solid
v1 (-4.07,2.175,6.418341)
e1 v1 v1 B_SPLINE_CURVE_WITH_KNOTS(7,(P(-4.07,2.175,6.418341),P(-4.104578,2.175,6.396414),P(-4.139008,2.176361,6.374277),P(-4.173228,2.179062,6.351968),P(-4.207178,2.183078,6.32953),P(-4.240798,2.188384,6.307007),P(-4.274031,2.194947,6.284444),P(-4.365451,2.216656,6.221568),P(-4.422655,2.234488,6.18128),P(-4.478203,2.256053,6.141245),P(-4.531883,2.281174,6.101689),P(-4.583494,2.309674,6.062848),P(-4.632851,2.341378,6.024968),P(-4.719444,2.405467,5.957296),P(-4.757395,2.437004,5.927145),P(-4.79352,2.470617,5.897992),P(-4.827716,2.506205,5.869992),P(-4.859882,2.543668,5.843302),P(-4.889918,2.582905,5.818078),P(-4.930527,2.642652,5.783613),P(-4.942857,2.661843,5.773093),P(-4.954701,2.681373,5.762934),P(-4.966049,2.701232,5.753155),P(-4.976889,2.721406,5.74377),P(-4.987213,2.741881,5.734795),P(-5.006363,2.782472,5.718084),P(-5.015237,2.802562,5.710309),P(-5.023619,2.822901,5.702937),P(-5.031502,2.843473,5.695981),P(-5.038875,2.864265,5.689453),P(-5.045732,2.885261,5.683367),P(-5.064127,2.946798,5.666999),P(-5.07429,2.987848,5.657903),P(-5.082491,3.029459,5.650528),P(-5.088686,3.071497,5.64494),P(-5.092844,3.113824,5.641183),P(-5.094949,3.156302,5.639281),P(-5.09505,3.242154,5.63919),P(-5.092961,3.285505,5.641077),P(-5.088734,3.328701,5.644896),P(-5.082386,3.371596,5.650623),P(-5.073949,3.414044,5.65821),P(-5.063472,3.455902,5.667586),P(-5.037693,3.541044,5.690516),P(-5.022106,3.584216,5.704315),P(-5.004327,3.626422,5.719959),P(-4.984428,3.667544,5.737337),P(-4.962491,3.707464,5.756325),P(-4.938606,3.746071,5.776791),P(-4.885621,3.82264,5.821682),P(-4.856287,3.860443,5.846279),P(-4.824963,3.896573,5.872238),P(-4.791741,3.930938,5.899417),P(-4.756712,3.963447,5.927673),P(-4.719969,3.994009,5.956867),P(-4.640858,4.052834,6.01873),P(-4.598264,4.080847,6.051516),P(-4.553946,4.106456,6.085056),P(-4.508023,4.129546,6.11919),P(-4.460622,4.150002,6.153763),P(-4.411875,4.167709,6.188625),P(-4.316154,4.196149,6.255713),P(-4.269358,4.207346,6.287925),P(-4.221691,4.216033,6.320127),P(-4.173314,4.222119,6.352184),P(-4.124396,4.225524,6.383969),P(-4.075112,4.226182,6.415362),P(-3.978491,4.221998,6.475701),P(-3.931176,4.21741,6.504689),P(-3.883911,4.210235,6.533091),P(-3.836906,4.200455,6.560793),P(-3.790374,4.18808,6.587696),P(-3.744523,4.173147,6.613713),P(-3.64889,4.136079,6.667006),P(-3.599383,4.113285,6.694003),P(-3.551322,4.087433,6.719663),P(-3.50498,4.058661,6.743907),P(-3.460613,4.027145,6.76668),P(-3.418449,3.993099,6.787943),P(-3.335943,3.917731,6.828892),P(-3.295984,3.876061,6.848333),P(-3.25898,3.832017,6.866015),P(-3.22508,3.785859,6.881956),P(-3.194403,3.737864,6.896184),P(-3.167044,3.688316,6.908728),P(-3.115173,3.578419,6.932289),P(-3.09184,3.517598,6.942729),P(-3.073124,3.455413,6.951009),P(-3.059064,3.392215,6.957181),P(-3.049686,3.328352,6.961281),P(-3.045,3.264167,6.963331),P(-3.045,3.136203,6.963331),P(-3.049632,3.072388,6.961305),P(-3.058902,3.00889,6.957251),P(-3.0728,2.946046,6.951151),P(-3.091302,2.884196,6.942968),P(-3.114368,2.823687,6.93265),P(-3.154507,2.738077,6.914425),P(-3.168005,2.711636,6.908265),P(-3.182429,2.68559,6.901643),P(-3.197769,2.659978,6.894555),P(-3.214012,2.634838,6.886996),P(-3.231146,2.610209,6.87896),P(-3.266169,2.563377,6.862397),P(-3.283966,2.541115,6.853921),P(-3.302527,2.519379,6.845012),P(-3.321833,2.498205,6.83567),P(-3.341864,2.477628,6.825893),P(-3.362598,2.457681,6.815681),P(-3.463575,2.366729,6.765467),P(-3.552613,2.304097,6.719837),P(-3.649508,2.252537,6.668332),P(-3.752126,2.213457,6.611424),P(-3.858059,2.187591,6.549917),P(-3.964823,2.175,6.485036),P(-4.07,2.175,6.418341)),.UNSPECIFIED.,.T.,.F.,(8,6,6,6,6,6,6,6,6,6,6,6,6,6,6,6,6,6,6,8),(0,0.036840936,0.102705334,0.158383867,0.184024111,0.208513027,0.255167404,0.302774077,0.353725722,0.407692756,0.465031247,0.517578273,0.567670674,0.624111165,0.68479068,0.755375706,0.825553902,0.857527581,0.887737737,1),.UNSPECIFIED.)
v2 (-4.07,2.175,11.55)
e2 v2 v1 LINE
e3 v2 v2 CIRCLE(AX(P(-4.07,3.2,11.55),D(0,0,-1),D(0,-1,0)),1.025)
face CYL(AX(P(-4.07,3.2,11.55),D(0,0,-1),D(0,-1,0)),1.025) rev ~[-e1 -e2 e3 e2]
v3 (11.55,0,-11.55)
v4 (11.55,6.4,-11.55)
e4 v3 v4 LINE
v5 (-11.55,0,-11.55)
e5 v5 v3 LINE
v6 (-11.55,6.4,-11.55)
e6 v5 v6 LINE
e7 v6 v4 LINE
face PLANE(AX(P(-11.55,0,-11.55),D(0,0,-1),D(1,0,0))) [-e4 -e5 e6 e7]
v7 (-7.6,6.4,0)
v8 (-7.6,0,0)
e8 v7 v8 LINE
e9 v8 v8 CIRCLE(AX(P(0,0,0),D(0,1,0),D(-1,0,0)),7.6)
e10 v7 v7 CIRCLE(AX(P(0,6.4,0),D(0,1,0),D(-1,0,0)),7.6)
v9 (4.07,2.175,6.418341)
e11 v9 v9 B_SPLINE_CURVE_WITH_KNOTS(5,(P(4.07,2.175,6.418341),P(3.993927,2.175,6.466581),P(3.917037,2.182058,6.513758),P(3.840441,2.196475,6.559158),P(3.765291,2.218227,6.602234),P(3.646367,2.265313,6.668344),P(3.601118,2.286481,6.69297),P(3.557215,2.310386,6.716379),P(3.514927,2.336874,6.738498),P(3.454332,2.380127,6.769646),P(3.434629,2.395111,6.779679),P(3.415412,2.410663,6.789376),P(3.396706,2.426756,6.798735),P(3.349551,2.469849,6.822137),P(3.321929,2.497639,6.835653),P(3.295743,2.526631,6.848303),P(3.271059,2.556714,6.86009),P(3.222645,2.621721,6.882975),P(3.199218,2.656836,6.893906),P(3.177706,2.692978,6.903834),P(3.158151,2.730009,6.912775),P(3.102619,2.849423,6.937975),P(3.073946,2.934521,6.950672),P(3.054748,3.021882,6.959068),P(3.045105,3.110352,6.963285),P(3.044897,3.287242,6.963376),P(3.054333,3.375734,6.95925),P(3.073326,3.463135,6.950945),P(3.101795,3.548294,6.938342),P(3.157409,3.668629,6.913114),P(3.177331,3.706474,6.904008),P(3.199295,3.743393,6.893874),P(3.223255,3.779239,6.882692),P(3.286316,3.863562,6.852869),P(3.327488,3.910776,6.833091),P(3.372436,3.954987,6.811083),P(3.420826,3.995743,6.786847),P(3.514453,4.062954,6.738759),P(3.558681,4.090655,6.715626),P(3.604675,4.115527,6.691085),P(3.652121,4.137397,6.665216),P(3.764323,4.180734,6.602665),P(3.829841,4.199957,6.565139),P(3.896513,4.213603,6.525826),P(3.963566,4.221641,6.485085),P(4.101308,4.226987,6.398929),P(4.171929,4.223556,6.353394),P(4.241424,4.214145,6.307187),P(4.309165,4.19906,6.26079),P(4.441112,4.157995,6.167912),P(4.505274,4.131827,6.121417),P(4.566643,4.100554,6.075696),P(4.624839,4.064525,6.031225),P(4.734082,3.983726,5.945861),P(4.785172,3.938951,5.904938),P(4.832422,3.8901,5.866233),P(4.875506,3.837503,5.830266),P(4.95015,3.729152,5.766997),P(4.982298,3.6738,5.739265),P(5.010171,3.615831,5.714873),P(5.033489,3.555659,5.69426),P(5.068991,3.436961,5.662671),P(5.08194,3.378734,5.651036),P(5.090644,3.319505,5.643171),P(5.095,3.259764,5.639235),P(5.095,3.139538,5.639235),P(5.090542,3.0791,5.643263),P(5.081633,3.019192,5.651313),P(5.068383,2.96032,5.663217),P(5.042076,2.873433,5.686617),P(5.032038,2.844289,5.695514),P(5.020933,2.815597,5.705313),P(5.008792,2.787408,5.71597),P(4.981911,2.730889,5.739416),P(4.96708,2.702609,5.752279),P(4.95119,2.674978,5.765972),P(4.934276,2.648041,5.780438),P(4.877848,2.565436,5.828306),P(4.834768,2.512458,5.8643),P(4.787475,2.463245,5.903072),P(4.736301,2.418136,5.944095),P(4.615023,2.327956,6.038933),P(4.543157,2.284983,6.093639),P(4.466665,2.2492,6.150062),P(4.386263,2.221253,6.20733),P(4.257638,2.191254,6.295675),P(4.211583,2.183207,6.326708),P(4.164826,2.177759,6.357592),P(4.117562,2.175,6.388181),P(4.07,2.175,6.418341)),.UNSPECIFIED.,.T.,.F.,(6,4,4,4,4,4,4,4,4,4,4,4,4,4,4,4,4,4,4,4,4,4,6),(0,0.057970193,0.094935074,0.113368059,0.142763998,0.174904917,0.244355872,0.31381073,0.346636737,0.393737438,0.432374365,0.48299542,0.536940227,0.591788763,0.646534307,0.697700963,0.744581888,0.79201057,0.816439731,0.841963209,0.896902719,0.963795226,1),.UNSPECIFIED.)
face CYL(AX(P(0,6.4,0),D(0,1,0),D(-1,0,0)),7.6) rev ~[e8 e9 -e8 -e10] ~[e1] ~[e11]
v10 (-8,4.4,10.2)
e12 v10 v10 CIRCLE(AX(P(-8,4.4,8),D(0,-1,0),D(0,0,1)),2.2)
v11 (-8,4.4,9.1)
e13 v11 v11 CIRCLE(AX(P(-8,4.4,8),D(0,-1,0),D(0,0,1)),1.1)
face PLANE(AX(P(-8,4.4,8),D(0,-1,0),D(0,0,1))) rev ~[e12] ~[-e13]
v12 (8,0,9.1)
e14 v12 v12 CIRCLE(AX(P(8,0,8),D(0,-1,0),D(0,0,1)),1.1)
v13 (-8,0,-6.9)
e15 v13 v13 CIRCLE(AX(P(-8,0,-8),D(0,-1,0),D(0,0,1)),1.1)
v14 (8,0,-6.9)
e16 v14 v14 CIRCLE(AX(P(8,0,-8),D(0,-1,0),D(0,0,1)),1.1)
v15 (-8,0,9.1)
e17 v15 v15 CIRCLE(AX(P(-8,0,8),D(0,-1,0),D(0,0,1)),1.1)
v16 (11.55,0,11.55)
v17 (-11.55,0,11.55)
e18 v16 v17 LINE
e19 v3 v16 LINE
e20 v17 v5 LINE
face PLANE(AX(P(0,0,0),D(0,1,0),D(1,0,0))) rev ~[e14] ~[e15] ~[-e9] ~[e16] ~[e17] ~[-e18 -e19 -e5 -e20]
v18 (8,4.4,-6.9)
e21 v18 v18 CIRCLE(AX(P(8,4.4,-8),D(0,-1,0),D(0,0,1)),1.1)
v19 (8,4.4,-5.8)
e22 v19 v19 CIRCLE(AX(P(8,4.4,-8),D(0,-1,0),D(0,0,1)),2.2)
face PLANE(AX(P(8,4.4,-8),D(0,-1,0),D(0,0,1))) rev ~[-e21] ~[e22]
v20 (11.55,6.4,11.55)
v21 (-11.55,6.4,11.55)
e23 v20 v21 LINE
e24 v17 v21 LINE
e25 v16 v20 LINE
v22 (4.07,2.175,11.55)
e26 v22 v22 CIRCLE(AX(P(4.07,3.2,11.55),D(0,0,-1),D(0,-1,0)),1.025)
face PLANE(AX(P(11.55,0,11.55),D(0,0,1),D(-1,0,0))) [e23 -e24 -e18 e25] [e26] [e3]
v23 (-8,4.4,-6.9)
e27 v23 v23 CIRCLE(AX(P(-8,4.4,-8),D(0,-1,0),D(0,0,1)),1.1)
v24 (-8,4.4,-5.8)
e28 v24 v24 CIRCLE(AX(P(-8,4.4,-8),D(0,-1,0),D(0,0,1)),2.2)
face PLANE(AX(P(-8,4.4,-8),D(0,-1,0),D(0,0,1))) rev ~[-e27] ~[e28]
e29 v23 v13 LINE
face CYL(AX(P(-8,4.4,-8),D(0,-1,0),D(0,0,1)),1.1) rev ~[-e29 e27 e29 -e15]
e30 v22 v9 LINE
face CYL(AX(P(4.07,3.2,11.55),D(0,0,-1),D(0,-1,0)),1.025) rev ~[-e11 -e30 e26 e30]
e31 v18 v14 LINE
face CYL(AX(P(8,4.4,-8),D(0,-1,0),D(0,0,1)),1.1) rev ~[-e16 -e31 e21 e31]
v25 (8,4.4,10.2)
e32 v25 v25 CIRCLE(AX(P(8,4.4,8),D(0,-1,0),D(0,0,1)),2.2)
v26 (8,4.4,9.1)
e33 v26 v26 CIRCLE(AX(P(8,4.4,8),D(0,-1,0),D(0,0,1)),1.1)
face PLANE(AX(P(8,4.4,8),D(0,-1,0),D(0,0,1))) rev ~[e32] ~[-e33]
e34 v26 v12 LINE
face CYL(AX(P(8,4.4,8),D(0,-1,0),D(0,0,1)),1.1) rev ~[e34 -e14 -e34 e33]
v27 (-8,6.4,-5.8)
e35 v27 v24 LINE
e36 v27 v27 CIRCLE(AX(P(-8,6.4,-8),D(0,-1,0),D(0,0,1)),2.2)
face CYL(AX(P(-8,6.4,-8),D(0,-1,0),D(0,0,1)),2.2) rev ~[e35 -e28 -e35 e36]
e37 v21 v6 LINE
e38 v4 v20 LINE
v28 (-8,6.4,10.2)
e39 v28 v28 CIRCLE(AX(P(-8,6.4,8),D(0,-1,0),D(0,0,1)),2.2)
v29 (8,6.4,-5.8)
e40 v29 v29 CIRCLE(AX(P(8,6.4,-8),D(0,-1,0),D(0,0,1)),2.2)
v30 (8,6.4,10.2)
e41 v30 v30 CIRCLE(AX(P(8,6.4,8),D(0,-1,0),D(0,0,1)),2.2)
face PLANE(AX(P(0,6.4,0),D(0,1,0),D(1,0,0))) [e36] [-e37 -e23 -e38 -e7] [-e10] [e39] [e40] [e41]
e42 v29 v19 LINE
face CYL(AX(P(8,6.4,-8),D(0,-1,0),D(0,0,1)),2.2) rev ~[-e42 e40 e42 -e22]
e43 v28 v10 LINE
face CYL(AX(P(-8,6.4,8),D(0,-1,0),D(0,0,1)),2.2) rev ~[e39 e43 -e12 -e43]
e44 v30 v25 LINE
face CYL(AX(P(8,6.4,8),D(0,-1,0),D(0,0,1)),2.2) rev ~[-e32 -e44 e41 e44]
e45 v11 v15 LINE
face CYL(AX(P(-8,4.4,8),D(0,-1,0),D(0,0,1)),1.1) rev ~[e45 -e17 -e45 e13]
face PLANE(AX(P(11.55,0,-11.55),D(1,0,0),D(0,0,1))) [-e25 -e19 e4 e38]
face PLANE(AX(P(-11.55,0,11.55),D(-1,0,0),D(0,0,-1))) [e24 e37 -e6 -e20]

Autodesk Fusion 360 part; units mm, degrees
sketch "Sketch1" plane through (0, 0, 0) normal (0, 1, 0) x (1, 0, 0)
  line L0 (11.55, -11.55) -> (-11.55, -11.55)
  line L1 (-11.55, -11.55) -> (-11.55, 11.55)
  line L2 (-11.55, 11.55) -> (11.55, 11.55)
  line L3 (11.55, 11.55) -> (11.55, -11.55)
  line L4 (11.55, -11.55) -> (-11.55, 11.55) construction
  line L5 (-11.55, -11.55) -> (11.55, 11.55) construction
  dimension "d1" = 23.1
  dimension "d2" = 23.1
extrude "Extrude1" add sketch "Sketch1" along normal blind 6.4
sketch "Sketch2" plane through (0, 6.4, 0) normal (0, 1, 0) x (-1, 0, 0)
  line L0 (-11.55, -11.55) -> (11.55, -11.55)
  line L1 (11.55, -11.55) -> (11.55, 11.55)
  line L2 (11.55, 11.55) -> (-11.55, 11.55)
  line L3 (-11.55, 11.55) -> (-11.55, -11.55)
  line L4 (-8, 8) -> (8, 8) construction
  line L5 (8, 8) -> (8, -8) construction
  line L6 (8, -8) -> (-8, -8) construction
  line L7 (-8, -8) -> (-8, 8) construction
  line L8 (-8, 8) -> (8, -8) construction
  line L9 (8, 8) -> (-8, -8) construction
  circle A0 centre (0, 0) radius 7.6
  point P0 (8, -8)
  point P1 (-8, -8)
  point P2 (-8, 8)
  point P3 (8, 8)
  dimension "d5" = 16
  dimension "d6" = 16
  dimension "d7" = 15.2
hole "Hole1" at (-8, 6.4, -8) direction (0, -1, 0) diameter 2.2 end through all counterbore diameter 4.4 counterbore depth 2
hole "Hole2" at (8, 6.4, -8) direction (0, -1, 0) diameter 2.2 end through all counterbore diameter 4.4 counterbore depth 2
hole "Hole3" at (8, 6.4, 8) direction (0, -1, 0) diameter 2.2 end through all counterbore diameter 4.4 counterbore depth 2
hole "Hole4" at (-8, 6.4, 8) direction (0, -1, 0) diameter 2.2 end through all counterbore diameter 4.4 counterbore depth 2
extrude "Extrude2" cut sketch "Sketch2" along normal through all and the other way through all contours A0
sketch "Sketch3" plane through (0, 0, 11.55) normal (0, 0, 1) x (1, 0, 0)
  line L0 (-11.55, 0) -> (11.55, 0)
  line L1 (11.55, 0) -> (11.55, 6.4)
  line L2 (11.55, 6.4) -> (-11.55, 6.4)
  line L3 (-11.55, 6.4) -> (-11.55, 0)
  line L4 (-11.55, 3.2) -> (11.55, 3.2) construction
  point P0 (-4.15, 3.2)
  point P1 (3.99, 3.2)
  dimension "d29" = 8.14
  dimension "d30" = 7.4
hole "Hole5" at (-4.07, 3.2, 11.55) direction (0, 0, -1) diameter 2.05 depth 7 tip angle 118
hole "Hole6" at (4.07, 3.2, 11.55) direction (0, 0, -1) diameter 2.05 depth 7 tip angle 118
